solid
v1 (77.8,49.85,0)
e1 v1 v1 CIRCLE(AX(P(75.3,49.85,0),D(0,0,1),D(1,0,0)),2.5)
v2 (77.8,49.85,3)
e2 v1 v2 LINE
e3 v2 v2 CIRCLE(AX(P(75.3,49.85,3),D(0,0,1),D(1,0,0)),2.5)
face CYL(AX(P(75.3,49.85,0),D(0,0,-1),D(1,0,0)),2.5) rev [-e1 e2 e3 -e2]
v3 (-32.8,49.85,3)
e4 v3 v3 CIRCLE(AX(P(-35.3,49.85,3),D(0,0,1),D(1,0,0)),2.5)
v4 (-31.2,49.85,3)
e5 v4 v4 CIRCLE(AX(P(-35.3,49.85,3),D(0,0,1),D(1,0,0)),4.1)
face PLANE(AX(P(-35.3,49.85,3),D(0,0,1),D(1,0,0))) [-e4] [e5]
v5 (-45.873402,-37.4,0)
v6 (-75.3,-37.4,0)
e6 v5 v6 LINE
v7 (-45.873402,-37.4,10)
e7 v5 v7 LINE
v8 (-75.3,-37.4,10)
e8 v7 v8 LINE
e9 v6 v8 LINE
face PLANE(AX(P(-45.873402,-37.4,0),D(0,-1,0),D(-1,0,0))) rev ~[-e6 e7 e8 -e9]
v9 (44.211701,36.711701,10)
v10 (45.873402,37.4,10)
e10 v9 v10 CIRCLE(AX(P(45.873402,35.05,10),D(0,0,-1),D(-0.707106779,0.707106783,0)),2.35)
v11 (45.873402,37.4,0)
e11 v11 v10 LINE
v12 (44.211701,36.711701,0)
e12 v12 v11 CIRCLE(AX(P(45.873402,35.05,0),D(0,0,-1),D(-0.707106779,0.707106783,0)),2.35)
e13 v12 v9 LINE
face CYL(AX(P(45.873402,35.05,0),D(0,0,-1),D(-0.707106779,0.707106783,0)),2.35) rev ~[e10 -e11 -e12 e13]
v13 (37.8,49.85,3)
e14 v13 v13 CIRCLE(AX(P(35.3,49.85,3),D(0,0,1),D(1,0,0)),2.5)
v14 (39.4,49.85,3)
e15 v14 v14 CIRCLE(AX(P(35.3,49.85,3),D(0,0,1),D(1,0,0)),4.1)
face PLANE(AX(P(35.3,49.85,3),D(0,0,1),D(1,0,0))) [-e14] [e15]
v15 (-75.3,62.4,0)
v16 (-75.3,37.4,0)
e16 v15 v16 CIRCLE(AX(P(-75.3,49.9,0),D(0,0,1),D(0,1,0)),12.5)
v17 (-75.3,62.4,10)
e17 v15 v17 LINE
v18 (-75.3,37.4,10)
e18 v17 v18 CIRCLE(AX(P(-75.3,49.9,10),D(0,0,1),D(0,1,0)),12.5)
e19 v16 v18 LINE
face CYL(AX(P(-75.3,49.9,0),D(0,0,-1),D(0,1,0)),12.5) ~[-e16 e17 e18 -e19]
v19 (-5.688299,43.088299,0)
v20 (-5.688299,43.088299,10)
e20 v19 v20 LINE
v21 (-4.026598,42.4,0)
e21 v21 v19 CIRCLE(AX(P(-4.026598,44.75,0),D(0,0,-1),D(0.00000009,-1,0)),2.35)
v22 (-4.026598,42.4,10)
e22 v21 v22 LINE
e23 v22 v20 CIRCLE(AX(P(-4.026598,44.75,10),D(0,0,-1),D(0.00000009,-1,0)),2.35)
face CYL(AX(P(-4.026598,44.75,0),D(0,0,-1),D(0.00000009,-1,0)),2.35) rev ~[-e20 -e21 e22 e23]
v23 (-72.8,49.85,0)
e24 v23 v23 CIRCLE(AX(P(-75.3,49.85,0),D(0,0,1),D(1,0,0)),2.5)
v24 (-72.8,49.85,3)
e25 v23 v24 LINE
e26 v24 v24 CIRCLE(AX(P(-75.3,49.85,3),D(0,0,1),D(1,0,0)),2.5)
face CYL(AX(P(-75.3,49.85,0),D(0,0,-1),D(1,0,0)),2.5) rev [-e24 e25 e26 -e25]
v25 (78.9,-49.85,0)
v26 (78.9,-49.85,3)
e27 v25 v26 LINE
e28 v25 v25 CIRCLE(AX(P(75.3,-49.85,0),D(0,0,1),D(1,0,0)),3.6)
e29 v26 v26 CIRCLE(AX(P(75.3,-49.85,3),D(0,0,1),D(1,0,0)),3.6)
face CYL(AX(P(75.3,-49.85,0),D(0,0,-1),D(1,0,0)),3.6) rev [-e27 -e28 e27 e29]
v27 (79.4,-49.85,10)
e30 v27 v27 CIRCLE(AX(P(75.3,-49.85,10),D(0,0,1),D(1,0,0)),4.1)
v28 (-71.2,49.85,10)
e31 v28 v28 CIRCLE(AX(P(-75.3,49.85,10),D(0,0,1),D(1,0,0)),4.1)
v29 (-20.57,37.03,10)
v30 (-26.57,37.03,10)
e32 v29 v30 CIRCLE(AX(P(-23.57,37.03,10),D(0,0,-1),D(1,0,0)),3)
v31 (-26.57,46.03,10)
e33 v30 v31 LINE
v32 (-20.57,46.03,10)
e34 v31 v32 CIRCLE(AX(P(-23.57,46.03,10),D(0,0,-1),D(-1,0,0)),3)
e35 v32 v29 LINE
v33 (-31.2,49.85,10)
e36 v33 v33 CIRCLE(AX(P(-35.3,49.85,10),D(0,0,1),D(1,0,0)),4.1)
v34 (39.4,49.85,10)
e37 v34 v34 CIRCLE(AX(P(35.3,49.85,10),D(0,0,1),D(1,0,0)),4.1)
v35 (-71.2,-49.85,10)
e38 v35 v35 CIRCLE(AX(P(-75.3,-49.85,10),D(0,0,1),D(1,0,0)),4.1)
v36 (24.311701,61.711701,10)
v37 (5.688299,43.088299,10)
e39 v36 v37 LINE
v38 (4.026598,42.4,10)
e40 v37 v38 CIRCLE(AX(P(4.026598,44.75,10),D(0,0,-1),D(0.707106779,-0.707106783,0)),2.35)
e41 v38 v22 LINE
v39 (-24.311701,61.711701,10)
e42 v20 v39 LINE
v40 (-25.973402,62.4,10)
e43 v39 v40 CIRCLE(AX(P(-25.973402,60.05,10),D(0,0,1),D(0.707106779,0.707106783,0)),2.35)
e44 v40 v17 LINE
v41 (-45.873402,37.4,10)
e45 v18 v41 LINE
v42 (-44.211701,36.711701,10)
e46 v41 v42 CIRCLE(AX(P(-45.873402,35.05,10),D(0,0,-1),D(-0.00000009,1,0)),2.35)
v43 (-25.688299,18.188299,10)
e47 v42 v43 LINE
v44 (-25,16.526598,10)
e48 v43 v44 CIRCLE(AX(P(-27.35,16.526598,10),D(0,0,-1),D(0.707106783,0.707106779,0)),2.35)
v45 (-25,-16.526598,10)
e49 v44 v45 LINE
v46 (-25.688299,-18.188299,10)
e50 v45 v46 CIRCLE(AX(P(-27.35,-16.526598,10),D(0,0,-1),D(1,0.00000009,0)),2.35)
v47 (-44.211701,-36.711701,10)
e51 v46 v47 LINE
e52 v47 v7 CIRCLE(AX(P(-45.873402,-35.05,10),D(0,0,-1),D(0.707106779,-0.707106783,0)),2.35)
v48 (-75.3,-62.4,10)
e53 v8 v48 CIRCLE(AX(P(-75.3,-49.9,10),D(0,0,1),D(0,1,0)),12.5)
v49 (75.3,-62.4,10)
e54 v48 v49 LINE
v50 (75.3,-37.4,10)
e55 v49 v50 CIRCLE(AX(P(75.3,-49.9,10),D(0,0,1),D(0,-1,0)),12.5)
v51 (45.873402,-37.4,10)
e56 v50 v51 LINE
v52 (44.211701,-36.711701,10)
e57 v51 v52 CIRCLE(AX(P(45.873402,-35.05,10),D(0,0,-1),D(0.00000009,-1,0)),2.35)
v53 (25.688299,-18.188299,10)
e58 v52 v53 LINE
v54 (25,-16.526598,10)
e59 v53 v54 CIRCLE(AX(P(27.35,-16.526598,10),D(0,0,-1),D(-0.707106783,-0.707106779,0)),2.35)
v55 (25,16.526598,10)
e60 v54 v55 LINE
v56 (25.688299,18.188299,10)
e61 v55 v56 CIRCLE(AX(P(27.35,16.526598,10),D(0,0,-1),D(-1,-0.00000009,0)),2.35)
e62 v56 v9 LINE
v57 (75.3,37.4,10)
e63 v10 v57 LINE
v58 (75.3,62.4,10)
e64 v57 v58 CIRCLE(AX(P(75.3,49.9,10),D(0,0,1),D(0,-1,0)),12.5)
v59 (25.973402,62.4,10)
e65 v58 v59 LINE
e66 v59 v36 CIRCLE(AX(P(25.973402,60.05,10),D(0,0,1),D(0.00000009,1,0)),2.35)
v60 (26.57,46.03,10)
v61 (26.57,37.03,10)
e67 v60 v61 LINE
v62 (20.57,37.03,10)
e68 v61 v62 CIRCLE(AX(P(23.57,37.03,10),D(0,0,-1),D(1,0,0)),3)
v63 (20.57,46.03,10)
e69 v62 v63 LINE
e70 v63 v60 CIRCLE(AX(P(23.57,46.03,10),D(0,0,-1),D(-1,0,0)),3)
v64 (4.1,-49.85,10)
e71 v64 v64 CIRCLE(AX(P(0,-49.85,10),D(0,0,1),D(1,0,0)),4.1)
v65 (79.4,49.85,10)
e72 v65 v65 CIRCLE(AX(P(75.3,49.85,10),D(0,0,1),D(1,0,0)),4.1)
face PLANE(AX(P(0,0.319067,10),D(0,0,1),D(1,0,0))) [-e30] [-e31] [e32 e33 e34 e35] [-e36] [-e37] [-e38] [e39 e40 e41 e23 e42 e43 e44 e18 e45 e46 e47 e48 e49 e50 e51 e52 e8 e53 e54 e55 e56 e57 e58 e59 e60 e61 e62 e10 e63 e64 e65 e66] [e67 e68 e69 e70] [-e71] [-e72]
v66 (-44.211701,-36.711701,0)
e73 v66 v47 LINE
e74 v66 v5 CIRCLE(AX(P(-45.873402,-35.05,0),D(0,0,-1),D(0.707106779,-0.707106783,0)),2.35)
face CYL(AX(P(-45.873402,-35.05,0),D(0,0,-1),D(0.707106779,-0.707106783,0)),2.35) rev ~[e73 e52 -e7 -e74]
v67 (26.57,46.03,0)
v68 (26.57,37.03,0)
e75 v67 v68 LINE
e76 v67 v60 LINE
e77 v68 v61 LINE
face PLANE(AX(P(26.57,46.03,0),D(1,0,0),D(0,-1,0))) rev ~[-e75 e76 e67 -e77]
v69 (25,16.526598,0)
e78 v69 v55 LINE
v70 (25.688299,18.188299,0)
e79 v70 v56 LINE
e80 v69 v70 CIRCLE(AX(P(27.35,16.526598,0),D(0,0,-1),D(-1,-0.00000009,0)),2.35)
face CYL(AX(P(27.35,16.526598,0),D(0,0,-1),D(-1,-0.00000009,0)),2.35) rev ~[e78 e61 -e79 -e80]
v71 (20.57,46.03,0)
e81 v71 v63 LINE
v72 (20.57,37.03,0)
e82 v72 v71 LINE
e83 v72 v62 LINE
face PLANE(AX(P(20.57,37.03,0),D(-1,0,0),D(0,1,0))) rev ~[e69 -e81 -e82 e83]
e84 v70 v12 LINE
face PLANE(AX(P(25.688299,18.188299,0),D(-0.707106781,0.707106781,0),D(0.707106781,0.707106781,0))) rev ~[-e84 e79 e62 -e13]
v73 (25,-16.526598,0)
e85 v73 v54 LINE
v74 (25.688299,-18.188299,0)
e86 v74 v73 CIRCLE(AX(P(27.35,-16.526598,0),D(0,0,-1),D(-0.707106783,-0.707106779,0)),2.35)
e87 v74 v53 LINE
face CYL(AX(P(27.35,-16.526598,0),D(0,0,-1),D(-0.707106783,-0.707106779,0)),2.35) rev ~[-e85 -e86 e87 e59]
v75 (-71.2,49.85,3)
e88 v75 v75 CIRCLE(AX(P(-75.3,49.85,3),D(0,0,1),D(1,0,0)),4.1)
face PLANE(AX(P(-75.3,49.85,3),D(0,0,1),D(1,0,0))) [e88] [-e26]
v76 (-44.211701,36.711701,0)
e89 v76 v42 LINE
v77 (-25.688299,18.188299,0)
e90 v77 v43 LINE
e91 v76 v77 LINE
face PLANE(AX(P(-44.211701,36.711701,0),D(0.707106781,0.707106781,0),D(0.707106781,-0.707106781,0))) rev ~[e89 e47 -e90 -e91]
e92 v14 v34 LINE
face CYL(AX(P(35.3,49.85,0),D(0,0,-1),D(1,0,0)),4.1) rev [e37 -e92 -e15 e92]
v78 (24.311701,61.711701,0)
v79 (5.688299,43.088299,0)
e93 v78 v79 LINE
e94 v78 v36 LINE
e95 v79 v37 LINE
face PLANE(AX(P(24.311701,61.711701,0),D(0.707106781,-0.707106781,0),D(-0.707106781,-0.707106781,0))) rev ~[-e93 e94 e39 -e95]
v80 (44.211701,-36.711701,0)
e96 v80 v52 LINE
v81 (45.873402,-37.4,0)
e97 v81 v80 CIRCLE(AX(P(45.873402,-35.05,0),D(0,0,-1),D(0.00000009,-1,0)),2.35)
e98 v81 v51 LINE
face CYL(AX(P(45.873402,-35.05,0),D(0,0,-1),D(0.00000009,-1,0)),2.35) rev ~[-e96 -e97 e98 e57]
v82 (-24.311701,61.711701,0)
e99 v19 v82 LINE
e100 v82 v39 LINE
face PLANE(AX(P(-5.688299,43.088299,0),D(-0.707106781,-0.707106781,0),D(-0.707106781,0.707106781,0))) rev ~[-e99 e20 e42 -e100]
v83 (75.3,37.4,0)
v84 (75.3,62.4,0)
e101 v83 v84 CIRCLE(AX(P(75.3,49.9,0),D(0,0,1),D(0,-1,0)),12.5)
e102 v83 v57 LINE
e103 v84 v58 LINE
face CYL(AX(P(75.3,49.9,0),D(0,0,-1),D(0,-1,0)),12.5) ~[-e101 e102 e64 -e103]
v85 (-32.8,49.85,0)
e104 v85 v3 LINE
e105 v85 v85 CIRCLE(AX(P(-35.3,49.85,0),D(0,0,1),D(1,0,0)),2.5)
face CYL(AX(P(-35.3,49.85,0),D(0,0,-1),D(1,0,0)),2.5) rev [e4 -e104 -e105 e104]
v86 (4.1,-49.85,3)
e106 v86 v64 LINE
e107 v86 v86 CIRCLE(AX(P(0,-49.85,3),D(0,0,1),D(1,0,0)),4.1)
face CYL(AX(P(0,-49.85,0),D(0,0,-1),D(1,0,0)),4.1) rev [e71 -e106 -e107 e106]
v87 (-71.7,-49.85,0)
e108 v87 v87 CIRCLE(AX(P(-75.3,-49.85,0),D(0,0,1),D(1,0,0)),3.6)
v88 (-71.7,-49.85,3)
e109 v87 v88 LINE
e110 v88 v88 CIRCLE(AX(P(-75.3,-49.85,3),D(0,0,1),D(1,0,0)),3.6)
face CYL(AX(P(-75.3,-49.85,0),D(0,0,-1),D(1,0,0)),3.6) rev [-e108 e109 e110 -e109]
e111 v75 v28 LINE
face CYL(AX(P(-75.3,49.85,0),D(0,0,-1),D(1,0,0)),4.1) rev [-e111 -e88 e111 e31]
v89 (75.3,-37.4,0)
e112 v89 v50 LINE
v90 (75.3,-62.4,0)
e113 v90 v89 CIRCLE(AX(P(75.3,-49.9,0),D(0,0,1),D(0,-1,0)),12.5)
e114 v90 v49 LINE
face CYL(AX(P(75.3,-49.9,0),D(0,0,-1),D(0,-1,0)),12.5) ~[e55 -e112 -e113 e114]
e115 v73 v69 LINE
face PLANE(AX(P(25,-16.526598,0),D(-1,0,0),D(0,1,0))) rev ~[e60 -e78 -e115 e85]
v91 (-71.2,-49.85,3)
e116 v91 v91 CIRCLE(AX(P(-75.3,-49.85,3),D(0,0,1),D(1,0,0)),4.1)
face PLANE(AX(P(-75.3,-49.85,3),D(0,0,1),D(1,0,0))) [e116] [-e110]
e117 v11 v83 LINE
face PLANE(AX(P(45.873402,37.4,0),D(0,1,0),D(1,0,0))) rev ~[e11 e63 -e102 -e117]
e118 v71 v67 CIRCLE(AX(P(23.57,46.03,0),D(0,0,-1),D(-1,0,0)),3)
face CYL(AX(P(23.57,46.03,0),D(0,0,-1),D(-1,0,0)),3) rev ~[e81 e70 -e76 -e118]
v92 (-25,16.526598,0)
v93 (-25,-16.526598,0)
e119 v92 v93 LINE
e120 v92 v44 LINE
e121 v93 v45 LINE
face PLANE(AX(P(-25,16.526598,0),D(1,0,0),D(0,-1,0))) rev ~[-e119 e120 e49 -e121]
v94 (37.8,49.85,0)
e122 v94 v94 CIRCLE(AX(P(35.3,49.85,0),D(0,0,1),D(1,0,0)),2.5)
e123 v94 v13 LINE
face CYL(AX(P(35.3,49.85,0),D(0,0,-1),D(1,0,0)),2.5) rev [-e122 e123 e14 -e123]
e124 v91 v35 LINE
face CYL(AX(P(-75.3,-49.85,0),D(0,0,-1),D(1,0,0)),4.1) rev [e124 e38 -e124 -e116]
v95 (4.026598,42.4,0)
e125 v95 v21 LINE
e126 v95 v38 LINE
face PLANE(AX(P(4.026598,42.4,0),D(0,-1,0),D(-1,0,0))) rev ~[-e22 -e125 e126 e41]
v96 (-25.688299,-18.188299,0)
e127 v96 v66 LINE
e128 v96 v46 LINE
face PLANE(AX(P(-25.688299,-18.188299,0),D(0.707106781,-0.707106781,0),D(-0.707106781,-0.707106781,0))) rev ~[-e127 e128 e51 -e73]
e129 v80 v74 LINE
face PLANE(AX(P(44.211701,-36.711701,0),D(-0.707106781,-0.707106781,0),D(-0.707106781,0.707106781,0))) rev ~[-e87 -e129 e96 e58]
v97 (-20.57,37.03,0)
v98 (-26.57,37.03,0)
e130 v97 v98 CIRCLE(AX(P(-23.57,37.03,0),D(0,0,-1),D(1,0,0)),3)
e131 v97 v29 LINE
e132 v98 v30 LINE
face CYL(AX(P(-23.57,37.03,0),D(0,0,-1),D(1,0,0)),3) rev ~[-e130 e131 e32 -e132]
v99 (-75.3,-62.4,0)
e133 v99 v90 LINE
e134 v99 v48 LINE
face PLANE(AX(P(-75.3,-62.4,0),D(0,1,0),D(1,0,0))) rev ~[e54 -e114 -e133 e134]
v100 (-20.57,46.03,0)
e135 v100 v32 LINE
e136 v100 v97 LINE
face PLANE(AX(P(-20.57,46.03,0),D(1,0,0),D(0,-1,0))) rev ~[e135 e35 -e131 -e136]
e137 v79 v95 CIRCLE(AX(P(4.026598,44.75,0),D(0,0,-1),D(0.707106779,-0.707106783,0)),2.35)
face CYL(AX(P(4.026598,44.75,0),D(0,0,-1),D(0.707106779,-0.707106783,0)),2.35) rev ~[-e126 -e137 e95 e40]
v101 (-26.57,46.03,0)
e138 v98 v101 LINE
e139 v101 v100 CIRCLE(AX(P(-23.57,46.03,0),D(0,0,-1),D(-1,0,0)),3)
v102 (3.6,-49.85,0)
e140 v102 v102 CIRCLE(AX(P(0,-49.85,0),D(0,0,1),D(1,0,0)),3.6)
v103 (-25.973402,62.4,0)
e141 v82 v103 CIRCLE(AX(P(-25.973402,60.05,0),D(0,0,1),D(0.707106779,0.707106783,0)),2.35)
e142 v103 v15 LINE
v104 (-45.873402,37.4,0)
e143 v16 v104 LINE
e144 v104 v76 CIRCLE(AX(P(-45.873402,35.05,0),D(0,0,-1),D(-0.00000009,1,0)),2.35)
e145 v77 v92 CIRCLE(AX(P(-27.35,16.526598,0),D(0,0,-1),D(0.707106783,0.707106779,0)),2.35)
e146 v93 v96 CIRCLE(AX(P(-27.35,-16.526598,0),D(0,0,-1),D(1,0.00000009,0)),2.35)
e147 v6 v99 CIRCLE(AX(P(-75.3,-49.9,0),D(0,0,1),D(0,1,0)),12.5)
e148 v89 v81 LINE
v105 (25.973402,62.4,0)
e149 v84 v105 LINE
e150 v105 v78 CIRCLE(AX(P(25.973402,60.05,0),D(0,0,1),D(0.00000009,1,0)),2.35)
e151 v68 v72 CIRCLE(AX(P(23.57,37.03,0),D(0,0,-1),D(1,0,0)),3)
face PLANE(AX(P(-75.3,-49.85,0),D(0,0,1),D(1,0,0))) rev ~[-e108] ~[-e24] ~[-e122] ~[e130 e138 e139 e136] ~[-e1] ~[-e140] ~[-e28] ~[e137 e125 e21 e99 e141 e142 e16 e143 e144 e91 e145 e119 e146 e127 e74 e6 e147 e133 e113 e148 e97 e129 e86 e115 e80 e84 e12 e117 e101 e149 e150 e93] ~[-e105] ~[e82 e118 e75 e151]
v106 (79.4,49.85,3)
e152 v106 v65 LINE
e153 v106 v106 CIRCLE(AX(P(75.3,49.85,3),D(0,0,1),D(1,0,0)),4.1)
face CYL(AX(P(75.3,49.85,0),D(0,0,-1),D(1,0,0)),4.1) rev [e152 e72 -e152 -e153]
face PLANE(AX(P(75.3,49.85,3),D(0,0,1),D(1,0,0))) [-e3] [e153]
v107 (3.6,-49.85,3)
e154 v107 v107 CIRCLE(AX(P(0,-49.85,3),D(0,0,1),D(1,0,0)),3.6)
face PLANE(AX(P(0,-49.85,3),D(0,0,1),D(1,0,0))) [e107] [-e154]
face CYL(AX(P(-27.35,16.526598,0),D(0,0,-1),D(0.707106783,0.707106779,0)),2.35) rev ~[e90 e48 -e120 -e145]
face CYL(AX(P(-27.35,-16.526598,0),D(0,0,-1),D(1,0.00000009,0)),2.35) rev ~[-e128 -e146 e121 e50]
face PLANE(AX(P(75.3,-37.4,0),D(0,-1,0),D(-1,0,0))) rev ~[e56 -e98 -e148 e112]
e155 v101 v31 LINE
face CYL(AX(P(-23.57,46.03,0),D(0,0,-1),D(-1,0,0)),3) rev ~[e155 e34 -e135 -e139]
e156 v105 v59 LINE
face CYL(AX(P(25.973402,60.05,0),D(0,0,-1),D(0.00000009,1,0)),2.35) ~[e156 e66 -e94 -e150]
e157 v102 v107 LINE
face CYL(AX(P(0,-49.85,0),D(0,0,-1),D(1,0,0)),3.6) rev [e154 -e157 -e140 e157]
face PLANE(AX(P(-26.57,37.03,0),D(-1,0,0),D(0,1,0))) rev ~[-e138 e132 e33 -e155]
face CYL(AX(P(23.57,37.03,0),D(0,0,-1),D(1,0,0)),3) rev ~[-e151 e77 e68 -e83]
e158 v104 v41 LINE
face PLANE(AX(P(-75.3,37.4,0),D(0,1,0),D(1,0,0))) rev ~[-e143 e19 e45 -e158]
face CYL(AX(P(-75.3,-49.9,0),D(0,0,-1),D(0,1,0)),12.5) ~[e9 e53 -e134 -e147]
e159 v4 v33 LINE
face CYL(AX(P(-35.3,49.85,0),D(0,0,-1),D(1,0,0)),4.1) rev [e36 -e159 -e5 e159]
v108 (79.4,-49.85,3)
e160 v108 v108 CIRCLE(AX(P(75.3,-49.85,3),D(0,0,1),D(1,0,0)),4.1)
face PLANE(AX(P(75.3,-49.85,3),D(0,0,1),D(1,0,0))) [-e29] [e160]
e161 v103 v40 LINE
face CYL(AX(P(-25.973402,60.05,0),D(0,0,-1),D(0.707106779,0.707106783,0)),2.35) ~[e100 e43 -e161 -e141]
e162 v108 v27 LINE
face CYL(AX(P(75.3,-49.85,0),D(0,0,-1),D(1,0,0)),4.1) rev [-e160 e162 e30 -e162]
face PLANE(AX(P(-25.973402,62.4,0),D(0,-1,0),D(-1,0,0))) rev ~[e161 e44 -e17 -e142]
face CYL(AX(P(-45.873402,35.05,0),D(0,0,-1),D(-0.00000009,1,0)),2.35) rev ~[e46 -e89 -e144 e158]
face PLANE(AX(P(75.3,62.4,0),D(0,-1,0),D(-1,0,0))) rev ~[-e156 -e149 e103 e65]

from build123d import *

# Parameters (mm, degrees)
F0_R     = 4.1
F1_DEPTH = 10
F0_R_2   = 3.6
F0_R_3   = 2.5
F2_DEPTH = 3


with BuildPart() as f1:
    # F0 (on Top) → F1 (new body)
    with BuildSketch(Plane.XY):
        with BuildLine():
            ThreePointArc((-75.3, -37.4), (-87.8, -49.9), (-75.3, -62.4))
            Line((-75.3, -62.4), (75.3, -62.4))
            ThreePointArc((75.3, -62.4), (87.8, -49.9), (75.3, -37.4))
            Line((75.3, -37.4), (45.873402, -37.4))
            ThreePointArc((45.873402, -37.4), (44.974096, -37.221117), (44.211701, -36.711701))
            Line((44.211701, -36.711701), (25.688299, -18.188299))
            ThreePointArc((25.688299, -18.188299), (25.178883, -17.425904), (25, -16.526598))
            Line((25, -16.526598), (25, 16.526598))
            ThreePointArc((25, 16.526598), (25.178883, 17.425904), (25.688299, 18.188299))
            Line((25.688299, 18.188299), (44.211701, 36.711701))
            ThreePointArc((44.211701, 36.711701), (44.974096, 37.221117), (45.873402, 37.4))
            Line((45.873402, 37.4), (75.3, 37.4))
            ThreePointArc((75.3, 37.4), (87.8, 49.9), (75.3, 62.4))
            Line((75.3, 62.4), (25.973402, 62.4))
            ThreePointArc((25.973402, 62.4), (25.074096, 62.221117), (24.311701, 61.711701))
            Line((24.311701, 61.711701), (5.688299, 43.088299))
            ThreePointArc((5.688299, 43.088299), (4.925904, 42.578883), (4.026598, 42.4))
            Line((4.026598, 42.4), (-4.026598, 42.4))
            ThreePointArc((-4.026598, 42.4), (-4.925904, 42.578883), (-5.688299, 43.088299))
            Line((-5.688299, 43.088299), (-24.311701, 61.711701))
            ThreePointArc((-24.311701, 61.711701), (-25.074096, 62.221117), (-25.973402, 62.4))
            Line((-25.973402, 62.4), (-75.3, 62.4))
            ThreePointArc((-75.3, 62.4), (-87.8, 49.9), (-75.3, 37.4))
            Line((-75.3, 37.4), (-45.873402, 37.4))
            ThreePointArc((-45.873402, 37.4), (-44.974096, 37.221117), (-44.211701, 36.711701))
            Line((-44.211701, 36.711701), (-25.688299, 18.188299))
            ThreePointArc((-25.688299, 18.188299), (-25.178883, 17.425904), (-25, 16.526598))
            Line((-25, 16.526598), (-25, -16.526598))
            ThreePointArc((-25, -16.526598), (-25.178883, -17.425904), (-25.688299, -18.188299))
            Line((-25.688299, -18.188299), (-44.211701, -36.711701))
            ThreePointArc((-44.211701, -36.711701), (-44.974096, -37.221117), (-45.873402, -37.4))
            Line((-45.873402, -37.4), (-75.3, -37.4))
        make_face()
        with Locations((-75.3, -49.85)):
            Circle(F0_R, mode=Mode.SUBTRACT)
        with Locations((0, -49.85)):
            Circle(F0_R, mode=Mode.SUBTRACT)
        with Locations((75.3, -49.85)):
            Circle(F0_R, mode=Mode.SUBTRACT)
        with Locations((-75.3, 49.85)):
            Circle(F0_R, mode=Mode.SUBTRACT)
        with BuildLine():
            Line((-26.57, 37.03), (-26.57, 46.03))
            ThreePointArc((-26.57, 46.03), (-23.57, 49.03), (-20.57, 46.03))
            Line((-20.57, 46.03), (-20.57, 37.03))
            ThreePointArc((-20.57, 37.03), (-23.57, 34.03), (-26.57, 37.03))
        make_face(mode=Mode.SUBTRACT)
        with Locations((-35.3, 49.85)):
            Circle(F0_R, mode=Mode.SUBTRACT)
        with BuildLine():
            Line((20.57, 37.03), (20.57, 46.03))
            ThreePointArc((20.57, 46.03), (23.57, 49.03), (26.57, 46.03))
            Line((26.57, 46.03), (26.57, 37.03))
            ThreePointArc((26.57, 37.03), (23.57, 34.03), (20.57, 37.03))
        make_face(mode=Mode.SUBTRACT)
        with Locations((35.3, 49.85)):
            Circle(F0_R, mode=Mode.SUBTRACT)
        with Locations((75.3, 49.85)):
            Circle(F0_R, mode=Mode.SUBTRACT)
    extrude(amount=F1_DEPTH)

    # F0 (on Top) → F2 (join)
    with BuildSketch(Plane.XY):
        with Locations((-75.3, -49.85)):
            Circle(F0_R)
        with Locations((-75.3, -49.85)):
            Circle(F0_R_2, mode=Mode.SUBTRACT)
        with Locations((0, -49.85)):
            Circle(F0_R)
        with Locations((0, -49.85)):
            Circle(F0_R_2, mode=Mode.SUBTRACT)
        with Locations((75.3, -49.85)):
            Circle(F0_R)
        with Locations((75.3, -49.85)):
            Circle(F0_R_2, mode=Mode.SUBTRACT)
        with Locations((75.3, 49.85)):
            Circle(F0_R)
        with Locations((75.3, 49.85)):
            Circle(F0_R_3, mode=Mode.SUBTRACT)
        with Locations((35.3, 49.85)):
            Circle(F0_R)
        with Locations((35.3, 49.85)):
            Circle(F0_R_3, mode=Mode.SUBTRACT)
        with Locations((-35.3, 49.85)):
            Circle(F0_R)
        with Locations((-35.3, 49.85)):
            Circle(F0_R_3, mode=Mode.SUBTRACT)
        with Locations((-75.3, 49.85)):
            Circle(F0_R)
        with Locations((-75.3, 49.85)):
            Circle(F0_R_3, mode=Mode.SUBTRACT)
    extrude(amount=F2_DEPTH)


solid = f1.part
